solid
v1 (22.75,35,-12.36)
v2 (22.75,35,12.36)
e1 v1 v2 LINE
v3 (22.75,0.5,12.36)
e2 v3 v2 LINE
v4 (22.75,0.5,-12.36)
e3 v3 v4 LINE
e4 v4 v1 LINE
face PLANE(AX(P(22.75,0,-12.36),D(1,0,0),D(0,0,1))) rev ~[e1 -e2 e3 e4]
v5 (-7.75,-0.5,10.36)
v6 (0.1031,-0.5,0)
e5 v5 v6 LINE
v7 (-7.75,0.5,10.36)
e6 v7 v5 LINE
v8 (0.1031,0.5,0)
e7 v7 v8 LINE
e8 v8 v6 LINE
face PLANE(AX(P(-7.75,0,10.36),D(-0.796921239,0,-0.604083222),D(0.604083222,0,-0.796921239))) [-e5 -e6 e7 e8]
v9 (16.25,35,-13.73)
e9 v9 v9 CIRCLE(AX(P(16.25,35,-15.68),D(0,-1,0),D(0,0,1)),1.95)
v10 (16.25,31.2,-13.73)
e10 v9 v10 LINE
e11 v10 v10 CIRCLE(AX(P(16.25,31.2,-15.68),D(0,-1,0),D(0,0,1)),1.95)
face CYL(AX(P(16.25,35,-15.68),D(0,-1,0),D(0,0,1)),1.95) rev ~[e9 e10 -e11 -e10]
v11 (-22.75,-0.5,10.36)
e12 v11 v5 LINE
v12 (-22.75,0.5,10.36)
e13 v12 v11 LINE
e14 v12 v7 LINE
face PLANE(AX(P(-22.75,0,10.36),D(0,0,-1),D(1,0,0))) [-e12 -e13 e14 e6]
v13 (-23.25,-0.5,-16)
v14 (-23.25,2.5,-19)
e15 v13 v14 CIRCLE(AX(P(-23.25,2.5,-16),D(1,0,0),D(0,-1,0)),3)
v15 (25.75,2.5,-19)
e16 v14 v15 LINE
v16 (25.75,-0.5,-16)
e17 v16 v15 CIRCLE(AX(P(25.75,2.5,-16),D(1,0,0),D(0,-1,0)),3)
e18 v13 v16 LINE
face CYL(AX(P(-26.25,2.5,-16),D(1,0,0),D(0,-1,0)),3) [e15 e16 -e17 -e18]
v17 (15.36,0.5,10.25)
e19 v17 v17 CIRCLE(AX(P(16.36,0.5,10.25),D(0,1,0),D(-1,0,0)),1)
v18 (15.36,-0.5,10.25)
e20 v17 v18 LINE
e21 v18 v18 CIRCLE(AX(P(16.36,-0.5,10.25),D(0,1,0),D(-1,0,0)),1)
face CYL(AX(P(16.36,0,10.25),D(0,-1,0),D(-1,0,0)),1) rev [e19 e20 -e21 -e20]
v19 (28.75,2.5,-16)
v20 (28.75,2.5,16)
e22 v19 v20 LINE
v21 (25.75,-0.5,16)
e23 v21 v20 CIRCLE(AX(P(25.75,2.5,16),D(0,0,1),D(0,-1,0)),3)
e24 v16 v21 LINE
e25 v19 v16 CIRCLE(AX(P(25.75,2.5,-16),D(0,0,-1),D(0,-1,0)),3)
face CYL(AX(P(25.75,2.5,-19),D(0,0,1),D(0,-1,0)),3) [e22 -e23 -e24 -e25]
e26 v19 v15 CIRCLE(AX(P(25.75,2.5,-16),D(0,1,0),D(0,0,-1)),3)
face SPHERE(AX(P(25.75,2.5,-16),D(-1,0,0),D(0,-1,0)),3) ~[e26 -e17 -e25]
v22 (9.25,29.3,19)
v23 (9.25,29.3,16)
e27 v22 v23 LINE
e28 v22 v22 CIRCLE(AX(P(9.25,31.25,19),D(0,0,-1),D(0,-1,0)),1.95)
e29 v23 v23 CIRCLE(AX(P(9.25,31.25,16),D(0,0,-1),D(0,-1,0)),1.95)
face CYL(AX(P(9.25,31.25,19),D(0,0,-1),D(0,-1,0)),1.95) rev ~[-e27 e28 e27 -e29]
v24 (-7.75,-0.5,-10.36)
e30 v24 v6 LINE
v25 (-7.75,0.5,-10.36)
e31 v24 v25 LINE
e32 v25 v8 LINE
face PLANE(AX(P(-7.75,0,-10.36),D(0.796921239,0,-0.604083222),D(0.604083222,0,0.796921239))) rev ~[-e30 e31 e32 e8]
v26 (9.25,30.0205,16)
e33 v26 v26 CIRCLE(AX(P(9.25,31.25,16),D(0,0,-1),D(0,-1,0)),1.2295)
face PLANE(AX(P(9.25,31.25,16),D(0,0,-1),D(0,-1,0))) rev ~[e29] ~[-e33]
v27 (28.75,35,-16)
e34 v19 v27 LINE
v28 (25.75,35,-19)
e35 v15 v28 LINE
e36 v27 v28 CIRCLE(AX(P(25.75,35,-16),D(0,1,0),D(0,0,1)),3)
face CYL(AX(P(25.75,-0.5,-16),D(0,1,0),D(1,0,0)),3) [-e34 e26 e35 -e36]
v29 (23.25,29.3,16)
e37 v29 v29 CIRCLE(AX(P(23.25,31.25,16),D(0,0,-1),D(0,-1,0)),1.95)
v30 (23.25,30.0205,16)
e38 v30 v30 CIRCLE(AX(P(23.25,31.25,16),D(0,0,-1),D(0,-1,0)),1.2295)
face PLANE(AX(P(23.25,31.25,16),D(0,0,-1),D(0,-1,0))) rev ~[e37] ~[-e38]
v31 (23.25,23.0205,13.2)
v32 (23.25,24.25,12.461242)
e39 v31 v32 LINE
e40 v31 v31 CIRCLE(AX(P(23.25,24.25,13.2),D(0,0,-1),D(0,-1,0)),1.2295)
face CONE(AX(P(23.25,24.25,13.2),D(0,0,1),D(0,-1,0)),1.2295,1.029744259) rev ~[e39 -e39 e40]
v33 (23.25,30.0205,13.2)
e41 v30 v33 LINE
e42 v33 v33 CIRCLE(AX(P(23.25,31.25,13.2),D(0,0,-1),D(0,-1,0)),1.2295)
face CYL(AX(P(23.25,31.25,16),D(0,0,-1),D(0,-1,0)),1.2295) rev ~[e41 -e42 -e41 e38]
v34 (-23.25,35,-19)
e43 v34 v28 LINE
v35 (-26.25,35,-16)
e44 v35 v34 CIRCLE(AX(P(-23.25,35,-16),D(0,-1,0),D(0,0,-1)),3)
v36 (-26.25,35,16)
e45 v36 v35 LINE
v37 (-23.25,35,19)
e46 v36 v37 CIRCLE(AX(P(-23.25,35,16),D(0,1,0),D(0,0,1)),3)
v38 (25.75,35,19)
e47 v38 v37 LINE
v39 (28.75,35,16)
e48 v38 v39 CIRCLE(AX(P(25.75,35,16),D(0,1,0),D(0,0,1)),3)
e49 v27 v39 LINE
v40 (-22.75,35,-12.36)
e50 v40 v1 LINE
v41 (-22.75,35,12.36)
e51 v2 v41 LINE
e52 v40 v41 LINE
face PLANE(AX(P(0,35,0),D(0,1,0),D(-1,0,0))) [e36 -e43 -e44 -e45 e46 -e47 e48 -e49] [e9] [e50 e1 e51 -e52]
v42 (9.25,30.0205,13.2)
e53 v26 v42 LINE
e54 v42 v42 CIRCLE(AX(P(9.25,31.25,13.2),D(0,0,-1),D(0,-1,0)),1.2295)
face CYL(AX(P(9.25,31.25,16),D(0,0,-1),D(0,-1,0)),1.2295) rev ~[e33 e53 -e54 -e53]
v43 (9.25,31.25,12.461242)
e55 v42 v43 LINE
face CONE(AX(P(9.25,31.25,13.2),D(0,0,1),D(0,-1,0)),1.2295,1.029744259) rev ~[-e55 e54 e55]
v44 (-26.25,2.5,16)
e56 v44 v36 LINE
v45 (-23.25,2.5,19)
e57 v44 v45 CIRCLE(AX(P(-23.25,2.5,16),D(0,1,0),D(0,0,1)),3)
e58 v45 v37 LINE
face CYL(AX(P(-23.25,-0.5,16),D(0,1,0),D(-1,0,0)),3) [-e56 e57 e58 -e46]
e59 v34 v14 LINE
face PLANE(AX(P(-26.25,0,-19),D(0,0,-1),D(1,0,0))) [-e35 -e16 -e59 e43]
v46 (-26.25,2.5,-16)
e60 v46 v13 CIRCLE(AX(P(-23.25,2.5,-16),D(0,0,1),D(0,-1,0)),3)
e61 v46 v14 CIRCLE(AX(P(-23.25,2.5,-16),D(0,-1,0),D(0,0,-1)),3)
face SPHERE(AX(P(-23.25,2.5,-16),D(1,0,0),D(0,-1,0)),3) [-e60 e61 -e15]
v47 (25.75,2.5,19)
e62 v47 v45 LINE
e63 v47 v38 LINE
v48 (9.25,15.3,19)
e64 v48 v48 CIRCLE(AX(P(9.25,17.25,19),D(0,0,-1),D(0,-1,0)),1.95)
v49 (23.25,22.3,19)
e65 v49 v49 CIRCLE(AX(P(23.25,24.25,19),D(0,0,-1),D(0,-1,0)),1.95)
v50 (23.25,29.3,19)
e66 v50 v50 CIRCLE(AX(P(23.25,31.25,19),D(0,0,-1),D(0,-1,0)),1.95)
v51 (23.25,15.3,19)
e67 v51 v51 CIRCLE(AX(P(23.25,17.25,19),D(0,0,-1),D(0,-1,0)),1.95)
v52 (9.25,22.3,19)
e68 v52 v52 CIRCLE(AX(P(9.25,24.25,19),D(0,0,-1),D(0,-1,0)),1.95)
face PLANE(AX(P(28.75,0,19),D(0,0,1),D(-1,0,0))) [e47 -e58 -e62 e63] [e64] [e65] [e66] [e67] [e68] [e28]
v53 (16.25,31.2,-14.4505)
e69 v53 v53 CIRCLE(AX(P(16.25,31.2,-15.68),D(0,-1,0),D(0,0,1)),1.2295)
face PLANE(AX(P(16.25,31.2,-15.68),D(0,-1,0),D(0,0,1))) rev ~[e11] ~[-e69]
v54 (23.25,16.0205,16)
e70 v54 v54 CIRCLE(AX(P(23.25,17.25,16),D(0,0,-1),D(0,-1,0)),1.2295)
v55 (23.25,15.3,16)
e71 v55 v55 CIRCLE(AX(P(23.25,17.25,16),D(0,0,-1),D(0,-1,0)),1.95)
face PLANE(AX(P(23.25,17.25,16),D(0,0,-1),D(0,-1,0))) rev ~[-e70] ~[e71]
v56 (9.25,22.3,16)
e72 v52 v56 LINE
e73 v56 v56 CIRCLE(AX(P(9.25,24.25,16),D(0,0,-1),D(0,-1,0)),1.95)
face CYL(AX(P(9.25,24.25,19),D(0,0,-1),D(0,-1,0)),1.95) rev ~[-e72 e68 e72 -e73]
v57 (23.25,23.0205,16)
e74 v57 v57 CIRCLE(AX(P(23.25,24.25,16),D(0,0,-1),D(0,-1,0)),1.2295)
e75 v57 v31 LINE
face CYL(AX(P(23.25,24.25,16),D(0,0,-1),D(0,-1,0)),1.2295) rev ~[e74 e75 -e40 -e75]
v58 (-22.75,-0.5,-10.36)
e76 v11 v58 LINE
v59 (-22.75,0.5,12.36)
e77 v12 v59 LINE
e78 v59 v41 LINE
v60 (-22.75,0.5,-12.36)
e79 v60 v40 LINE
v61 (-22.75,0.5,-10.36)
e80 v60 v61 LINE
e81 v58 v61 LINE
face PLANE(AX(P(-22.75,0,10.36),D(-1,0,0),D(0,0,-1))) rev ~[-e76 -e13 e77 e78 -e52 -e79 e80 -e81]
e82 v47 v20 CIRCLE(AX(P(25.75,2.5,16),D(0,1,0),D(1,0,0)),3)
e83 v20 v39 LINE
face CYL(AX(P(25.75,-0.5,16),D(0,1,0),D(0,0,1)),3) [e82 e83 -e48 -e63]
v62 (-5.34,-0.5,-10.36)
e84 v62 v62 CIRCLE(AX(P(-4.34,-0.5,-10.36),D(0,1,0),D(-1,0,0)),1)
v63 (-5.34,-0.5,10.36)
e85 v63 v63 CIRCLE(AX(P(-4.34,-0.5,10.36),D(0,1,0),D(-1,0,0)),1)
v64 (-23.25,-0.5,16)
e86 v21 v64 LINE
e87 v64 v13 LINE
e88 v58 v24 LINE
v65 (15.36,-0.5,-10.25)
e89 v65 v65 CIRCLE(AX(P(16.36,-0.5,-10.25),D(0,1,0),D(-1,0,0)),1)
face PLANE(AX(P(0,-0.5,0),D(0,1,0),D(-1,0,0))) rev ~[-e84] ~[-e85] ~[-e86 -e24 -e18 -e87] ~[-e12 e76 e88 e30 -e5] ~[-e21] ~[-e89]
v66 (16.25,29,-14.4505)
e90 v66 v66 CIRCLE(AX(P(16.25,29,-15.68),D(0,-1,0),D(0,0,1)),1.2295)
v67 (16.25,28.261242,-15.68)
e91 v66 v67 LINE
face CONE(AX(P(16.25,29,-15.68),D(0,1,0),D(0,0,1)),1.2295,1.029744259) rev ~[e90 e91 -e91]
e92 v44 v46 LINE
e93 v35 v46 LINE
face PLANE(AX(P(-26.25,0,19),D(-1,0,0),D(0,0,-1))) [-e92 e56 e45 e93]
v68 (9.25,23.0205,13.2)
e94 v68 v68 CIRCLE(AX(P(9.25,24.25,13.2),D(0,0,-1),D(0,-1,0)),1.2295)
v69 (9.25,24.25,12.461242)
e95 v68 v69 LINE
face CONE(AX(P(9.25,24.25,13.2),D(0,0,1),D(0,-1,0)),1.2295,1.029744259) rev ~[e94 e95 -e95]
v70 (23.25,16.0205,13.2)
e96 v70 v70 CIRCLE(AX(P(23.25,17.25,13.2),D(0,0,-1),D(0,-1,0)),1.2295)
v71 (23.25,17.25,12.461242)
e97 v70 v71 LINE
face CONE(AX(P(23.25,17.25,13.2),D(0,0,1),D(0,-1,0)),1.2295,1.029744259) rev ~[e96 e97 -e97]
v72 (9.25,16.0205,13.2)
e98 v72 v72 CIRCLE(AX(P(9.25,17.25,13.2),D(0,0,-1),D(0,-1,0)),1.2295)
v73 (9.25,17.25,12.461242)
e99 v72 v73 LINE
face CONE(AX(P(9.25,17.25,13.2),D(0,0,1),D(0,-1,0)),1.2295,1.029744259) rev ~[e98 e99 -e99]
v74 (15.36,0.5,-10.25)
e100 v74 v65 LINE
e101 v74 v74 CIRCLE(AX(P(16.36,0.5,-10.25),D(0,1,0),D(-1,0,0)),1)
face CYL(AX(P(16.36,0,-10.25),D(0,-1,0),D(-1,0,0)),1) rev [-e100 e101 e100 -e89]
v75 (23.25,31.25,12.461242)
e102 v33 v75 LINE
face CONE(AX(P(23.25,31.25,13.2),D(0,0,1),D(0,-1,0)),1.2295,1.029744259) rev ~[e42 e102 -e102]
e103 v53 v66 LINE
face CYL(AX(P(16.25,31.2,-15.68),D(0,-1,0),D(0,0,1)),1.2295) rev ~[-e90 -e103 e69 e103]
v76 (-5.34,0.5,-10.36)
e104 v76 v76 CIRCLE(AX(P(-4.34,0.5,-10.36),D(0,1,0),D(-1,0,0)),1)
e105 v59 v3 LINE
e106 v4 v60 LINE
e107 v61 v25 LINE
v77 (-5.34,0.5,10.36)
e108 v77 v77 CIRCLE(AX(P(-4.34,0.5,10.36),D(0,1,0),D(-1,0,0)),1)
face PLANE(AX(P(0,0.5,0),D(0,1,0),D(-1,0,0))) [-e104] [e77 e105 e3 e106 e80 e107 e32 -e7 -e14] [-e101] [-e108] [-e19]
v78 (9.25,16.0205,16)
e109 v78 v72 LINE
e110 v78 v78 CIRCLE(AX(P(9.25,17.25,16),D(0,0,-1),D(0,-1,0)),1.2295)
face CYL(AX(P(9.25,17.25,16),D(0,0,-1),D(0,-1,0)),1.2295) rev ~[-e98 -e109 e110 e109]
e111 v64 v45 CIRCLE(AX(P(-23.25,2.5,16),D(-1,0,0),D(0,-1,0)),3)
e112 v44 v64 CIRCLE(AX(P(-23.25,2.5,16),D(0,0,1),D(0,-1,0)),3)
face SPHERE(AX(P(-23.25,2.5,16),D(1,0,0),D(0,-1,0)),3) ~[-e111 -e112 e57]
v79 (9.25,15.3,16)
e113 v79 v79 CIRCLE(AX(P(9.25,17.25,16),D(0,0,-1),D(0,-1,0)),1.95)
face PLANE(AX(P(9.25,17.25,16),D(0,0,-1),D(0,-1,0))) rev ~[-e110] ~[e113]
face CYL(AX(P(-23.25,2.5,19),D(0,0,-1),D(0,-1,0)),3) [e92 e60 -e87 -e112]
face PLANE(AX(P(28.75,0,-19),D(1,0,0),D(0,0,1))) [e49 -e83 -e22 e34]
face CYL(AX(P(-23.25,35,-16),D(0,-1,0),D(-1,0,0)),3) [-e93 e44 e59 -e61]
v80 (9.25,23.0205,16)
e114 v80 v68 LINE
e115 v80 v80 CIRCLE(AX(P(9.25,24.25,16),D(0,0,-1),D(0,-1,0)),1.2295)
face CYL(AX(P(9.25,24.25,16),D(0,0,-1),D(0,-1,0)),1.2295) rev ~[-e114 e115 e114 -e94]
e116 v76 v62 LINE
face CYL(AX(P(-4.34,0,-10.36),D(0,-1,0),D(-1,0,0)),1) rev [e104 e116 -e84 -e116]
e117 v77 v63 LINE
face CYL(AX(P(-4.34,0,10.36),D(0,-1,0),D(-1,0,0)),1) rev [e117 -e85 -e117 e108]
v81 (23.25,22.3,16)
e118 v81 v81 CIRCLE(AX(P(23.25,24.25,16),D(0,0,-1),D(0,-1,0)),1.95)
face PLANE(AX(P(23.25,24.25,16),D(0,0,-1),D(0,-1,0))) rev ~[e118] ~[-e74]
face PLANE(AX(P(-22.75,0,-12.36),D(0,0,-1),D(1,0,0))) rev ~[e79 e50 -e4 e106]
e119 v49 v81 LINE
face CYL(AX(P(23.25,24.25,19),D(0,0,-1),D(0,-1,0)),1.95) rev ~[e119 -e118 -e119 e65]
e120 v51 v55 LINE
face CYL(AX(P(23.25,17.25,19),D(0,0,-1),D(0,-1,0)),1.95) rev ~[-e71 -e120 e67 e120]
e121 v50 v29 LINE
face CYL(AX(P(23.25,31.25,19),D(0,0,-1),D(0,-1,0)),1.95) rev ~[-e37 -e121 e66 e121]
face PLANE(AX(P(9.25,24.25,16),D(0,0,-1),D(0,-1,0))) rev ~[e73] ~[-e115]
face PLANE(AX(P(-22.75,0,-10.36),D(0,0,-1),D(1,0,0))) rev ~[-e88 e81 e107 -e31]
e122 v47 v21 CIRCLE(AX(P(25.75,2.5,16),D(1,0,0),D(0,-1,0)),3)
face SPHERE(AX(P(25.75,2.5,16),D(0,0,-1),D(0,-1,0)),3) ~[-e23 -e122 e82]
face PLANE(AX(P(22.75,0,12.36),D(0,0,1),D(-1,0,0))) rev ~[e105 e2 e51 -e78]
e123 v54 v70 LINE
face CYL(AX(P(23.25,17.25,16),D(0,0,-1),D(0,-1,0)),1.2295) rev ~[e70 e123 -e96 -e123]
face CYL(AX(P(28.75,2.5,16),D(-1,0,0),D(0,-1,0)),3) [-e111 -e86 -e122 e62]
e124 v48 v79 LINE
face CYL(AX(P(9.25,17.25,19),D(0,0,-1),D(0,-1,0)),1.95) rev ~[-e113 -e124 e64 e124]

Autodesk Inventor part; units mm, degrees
ref_plane "YZ Plane" through (0, 0, 0) normal (1, 0, 0) x (0, 1, 0)
ref_plane "XZ Plane" through (0, 0, 0) normal (0, 1, 0) x (-1, 0, 0)
ref_plane "XY Plane" through (0, 0, 0) normal (0, 0, 1) x (1, 0, 0)
sketch "Sketch1" plane through (0, 0, 0) normal (0, 1, 0) x (-1, 0, 0)
  line L0 (22.75, -10.36) -> (7.75, -10.36)
  line L1 (7.75, -10.36) -> (-0.1031, 0)
  circle A0 centre (4.34, -10.36) radius 1
  line L2 (22.75, 10.36) -> (7.75, 10.36)
  circle A1 centre (12.64, 0) radius 9.6 construction
  line L3 (22.75, 12.36) -> (22.75, -12.36)
  circle A2 centre (4.34, 10.36) radius 1
  line L4 (7.75, 10.36) -> (-0.1031, 0)
  line L5 (26.25, 19) -> (26.25, -19)
  line L6 (22.75, -12.36) -> (-22.75, -12.36)
  line L7 (22.75, 0) -> (-22.75, 0) construction
  line L8 (26.25, -19) -> (-28.75, -19)
  line L9 (26.25, -19) -> (-28.75, 19) construction
  line L10 (-28.75, -19) -> (26.25, 19) construction
  line L11 (-22.75, 12.36) -> (22.75, 12.36)
  line L12 (-28.75, 19) -> (26.25, 19)
  line L13 (-28.75, -19) -> (-28.75, 19)
  circle A3 centre (-16.36, 10.25) radius 1
  line L14 (-22.75, -12.36) -> (-22.75, 12.36)
  circle A4 centre (-16.36, -10.25) radius 1
  point P0 (0, 0)
  point P1 (-1.25, 0)
  point P2 (0, 0)
  point P3 (22.75, -10.36)
  dimension "d0" = 55
  dimension "d1" = 38
  dimension "d2" = 45.5
  dimension "d3" = 24.72
  dimension "d4" = 2
  dimension "d6" = 18.41
  dimension "d7" = 20.5
  dimension "d8" = 19.2
  dimension "d9" = 10.11
  dimension "d10" = 13
  dimension "d11" = 15
  dimension "d12" = 3.5
  dimension "d13" = 2
  dimension "d14" = 3.41
  dimension "d51" = 20.7
extrude "Extrusion1" add sketch "Sketch1" along normal mid plane 1 contours L3 L6 L14 L11 L2 L4 L1 L0 | L5 L8 L13 L12
extrude "Extrusion2" add sketch "Sketch1" along normal blind 35 contours L5 L8 L13 L12
fillet "Fillet1" radius 3 8 edges at (1.25, -0.5, -19) (28.75, -0.5, 0) (1.25, -0.5, 19) (-26.25, -0.5, 0) (28.75, 17.25, -19) (28.75, 17.25, 19) (-26.25, 17.25, 19) (-26.25, 17.25, -19)
sketch "Sketch3" plane through (-23.25, 35, 19) normal (0, 0, 1) x (1, 0, 0)
  line L0 (46.5, -34.5) -> (46.5, 0)
  circle A0 centre (46.5, -17.75) radius 1.5
  circle A1 centre (46.5, -10.75) radius 1.5
  circle A2 centre (46.5, -3.75) radius 1.5
  circle A3 centre (32.5, -17.75) radius 1.5
  circle A4 centre (32.5, -10.75) radius 1.5
  circle A5 centre (32.5, -3.75) radius 1.5
  line L1 (52, -32.5) -> (52, 0) projected
  line L2 (0, 0) -> (49, 0) projected
  dimension "d23" = 7
  dimension "d26" = 14
  dimension "d52" = 5.5
  dimension "d53" = 3.75
hole "Hole1" at (23.25, 17.25, 19) at (9.25, 17.25, 19) at (9.25, 24.25, 19) at (23.25, 24.25, 19) at (23.25, 31.25, 19) at (9.25, 31.25, 19) direction (0, 0, -1) diameter 2.459 depth 5.8 tip angle 118 counterbore diameter 3.9 counterbore depth 3 thread size "M3x0.5" class "6H" standard "ISO Metric profile"
sketch "Sketch6" plane through (0, 35, 0) normal (0, 1, 0) x (1, 0, 0)
  line L0 (25.75, 19) -> (-23.25, 19) projected
  line L1 (28.75, -16) -> (28.75, 16) projected
  point P0 (0, 0)
  point P1 (16.25, 15.68)
  dimension "d64" = 3.32
  dimension "d65" = 12.5
hole "Hole2" at (16.25, 35, -15.68) direction (0, -1, 0) diameter 2.459 depth 6 tip angle 118 counterbore diameter 3.9 counterbore depth 3.8 thread size "M3x0.5" class "6H" standard "ISO Metric profile"
properties part number "basket" material "PCTG 20%"
